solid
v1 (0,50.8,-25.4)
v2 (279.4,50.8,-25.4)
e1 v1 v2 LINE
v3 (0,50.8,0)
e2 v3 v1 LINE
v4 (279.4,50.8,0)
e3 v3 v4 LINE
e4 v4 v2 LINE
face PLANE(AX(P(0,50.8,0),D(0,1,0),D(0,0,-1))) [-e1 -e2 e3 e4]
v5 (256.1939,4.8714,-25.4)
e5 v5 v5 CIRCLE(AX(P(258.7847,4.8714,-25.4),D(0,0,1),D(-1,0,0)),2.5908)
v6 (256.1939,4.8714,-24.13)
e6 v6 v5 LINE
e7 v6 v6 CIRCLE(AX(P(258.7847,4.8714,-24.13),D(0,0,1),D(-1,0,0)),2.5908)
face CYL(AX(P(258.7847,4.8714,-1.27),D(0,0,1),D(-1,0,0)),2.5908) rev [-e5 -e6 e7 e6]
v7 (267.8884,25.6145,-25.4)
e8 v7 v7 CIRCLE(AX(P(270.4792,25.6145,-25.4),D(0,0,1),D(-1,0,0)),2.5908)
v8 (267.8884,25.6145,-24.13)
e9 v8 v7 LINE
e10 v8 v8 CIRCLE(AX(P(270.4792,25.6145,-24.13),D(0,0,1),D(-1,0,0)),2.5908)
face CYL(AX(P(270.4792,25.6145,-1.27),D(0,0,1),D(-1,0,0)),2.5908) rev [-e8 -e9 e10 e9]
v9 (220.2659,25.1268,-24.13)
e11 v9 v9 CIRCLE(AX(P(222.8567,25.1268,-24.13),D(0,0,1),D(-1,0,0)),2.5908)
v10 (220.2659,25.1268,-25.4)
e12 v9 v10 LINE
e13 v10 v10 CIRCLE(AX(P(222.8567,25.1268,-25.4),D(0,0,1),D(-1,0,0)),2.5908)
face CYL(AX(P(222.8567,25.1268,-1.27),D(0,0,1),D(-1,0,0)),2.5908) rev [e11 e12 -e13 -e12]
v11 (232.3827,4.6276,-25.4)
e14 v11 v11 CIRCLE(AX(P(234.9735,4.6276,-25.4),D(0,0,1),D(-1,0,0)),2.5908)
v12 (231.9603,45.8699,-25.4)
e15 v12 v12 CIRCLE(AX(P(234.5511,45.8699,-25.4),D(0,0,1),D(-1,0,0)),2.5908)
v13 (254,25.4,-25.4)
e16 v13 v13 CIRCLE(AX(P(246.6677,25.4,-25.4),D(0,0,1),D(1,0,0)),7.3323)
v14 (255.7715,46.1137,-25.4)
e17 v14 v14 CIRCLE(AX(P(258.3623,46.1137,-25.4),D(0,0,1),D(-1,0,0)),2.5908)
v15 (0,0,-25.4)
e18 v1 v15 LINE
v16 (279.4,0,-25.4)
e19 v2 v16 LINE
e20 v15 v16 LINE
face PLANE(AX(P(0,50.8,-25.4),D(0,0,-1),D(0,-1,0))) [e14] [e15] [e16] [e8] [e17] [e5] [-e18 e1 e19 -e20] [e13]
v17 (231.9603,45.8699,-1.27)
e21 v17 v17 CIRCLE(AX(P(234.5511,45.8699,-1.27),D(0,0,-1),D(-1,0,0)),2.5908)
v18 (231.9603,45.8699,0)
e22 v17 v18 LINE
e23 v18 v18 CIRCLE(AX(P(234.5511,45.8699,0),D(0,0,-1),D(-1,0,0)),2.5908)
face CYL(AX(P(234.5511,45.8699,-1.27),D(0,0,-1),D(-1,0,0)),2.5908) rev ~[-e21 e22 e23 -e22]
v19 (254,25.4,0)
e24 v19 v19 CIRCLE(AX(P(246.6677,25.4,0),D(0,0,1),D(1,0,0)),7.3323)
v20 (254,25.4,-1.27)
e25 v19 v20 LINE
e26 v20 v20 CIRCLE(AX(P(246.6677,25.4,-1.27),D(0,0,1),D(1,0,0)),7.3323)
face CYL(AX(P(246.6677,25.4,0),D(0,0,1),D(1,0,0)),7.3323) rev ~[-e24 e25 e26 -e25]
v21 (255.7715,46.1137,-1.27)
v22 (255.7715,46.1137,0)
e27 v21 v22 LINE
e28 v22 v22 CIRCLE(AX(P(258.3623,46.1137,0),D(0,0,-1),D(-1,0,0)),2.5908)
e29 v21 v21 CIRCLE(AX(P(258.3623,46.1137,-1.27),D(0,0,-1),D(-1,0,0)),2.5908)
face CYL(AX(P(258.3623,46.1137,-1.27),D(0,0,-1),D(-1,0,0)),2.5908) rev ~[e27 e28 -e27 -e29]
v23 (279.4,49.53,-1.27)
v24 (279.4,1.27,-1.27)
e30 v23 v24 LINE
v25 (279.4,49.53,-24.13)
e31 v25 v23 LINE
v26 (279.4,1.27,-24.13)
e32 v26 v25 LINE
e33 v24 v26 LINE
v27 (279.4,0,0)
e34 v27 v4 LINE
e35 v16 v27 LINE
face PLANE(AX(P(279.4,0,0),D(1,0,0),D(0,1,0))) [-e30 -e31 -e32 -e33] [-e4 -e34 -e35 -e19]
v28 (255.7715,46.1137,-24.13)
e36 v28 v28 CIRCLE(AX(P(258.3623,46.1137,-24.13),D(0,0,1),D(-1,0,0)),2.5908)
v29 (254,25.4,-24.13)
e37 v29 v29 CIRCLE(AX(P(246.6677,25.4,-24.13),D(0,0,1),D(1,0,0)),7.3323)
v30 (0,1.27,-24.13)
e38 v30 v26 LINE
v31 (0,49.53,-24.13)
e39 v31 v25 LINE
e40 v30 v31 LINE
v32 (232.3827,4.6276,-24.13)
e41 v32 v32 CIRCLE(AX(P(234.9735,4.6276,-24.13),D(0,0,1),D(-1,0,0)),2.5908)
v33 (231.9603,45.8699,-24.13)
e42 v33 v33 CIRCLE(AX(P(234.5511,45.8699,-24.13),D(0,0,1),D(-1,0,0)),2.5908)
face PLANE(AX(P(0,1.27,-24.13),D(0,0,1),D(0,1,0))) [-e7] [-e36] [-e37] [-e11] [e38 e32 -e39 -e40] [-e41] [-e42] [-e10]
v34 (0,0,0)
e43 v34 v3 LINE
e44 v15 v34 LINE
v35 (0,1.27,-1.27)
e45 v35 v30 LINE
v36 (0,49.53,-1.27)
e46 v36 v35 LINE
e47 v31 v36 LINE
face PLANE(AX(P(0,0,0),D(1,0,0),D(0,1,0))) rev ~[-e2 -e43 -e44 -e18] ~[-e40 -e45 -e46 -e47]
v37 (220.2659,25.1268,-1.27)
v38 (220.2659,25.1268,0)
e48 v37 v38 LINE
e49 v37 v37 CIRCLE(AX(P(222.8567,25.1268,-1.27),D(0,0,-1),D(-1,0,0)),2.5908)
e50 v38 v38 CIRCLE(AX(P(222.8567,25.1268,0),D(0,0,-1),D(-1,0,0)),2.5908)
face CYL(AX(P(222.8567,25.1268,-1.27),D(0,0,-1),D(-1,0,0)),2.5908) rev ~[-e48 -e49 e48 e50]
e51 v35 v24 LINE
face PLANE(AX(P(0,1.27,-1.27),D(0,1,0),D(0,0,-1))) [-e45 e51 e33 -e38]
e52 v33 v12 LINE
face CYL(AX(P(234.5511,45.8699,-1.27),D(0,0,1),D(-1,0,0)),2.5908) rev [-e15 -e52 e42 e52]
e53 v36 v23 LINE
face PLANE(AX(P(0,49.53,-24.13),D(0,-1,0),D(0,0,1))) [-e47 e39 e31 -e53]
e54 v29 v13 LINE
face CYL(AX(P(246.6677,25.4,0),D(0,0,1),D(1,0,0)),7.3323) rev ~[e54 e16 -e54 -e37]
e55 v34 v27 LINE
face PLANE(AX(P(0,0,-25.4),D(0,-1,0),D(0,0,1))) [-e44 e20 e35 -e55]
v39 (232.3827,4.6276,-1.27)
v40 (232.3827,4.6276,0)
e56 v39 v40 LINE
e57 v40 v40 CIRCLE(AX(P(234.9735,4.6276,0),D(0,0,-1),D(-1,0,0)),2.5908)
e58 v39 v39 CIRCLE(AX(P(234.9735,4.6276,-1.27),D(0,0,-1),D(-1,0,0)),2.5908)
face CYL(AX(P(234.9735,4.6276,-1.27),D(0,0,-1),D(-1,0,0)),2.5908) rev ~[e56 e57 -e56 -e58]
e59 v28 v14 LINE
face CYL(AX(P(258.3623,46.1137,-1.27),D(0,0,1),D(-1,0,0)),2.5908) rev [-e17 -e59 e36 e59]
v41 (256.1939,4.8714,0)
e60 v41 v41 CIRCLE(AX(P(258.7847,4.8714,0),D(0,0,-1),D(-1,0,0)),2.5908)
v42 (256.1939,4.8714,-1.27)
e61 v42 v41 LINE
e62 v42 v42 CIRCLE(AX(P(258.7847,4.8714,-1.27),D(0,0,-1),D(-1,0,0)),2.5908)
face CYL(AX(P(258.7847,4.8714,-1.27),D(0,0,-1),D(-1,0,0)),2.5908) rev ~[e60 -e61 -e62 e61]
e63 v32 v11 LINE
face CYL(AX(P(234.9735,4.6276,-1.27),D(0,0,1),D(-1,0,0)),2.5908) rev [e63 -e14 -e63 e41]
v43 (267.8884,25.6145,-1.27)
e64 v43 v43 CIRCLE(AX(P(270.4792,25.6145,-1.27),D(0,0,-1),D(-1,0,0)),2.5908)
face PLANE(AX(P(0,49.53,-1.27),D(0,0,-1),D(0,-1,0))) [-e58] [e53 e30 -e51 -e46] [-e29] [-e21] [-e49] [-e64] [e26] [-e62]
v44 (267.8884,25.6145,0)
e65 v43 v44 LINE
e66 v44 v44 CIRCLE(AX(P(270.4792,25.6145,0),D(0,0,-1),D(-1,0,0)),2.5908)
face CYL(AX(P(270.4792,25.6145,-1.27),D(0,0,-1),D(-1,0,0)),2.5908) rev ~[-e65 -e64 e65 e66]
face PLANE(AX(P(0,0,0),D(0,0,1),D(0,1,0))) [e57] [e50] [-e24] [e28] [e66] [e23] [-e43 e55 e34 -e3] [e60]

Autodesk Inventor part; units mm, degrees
ref_plane "YZ Plane" through (0, 0, 0) normal (1, 0, 0) x (0, 1, 0)
ref_plane "XZ Plane" through (0, 0, 0) normal (0, 1, 0) x (-1, 0, 0)
ref_plane "XY Plane" through (0, 0, 0) normal (0, 0, 1) x (1, 0, 0)
sketch "Sketch1" plane through (0, 0, 0) normal (1, 0, 0) x (0, 1, 0)
  line L0 (0, 0) -> (50.8, 0)
  line L1 (50.8, 0) -> (50.8, -25.4)
  line L2 (50.8, -25.4) -> (0, -25.4)
  line L3 (0, -25.4) -> (0, 0)
  line L4 (49.53, -1.27) -> (1.27, -1.27)
  line L5 (1.27, -1.27) -> (1.27, -24.13)
  line L6 (1.27, -24.13) -> (49.53, -24.13)
  line L7 (49.53, -24.13) -> (49.53, -1.27)
  dimension "d0" = 50.8
  dimension "d1" = 25.4
  dimension "d2" = 1.27
extrude "Extrusion1" add sketch "Sketch1" along normal blind 279.4
sketch "Sketch2" plane through (0, 0, 0) normal (0, 0, 1) x (1, 0, 0)
  circle A0 centre (246.6677, 25.4) radius 7.3323
  point P0 (0, 0)
extrude "Extrusion2" cut sketch "Sketch2" against normal through all
sketch "Sketch3" plane through (279.4, 49.53, -1.27) normal (0, 0, -1) x (-1, 0, 0)
  circle A0 centre (8.9208, -23.9155) radius 2.5908
  circle A1 centre (21.0377, -3.4163) radius 2.5908
  circle A2 centre (20.6153, -44.6586) radius 2.5908
  circle A3 centre (56.5433, -24.4032) radius 2.5908
  circle A4 centre (44.4265, -44.9024) radius 2.5908
  circle A5 centre (44.8489, -3.6601) radius 2.5908
  point P0 (279.4, -49.53)
extrude "Extrusion3" cut sketch "Sketch3" along normal through all both and the other way through all
properties part number "Aluminum grabber mount"
